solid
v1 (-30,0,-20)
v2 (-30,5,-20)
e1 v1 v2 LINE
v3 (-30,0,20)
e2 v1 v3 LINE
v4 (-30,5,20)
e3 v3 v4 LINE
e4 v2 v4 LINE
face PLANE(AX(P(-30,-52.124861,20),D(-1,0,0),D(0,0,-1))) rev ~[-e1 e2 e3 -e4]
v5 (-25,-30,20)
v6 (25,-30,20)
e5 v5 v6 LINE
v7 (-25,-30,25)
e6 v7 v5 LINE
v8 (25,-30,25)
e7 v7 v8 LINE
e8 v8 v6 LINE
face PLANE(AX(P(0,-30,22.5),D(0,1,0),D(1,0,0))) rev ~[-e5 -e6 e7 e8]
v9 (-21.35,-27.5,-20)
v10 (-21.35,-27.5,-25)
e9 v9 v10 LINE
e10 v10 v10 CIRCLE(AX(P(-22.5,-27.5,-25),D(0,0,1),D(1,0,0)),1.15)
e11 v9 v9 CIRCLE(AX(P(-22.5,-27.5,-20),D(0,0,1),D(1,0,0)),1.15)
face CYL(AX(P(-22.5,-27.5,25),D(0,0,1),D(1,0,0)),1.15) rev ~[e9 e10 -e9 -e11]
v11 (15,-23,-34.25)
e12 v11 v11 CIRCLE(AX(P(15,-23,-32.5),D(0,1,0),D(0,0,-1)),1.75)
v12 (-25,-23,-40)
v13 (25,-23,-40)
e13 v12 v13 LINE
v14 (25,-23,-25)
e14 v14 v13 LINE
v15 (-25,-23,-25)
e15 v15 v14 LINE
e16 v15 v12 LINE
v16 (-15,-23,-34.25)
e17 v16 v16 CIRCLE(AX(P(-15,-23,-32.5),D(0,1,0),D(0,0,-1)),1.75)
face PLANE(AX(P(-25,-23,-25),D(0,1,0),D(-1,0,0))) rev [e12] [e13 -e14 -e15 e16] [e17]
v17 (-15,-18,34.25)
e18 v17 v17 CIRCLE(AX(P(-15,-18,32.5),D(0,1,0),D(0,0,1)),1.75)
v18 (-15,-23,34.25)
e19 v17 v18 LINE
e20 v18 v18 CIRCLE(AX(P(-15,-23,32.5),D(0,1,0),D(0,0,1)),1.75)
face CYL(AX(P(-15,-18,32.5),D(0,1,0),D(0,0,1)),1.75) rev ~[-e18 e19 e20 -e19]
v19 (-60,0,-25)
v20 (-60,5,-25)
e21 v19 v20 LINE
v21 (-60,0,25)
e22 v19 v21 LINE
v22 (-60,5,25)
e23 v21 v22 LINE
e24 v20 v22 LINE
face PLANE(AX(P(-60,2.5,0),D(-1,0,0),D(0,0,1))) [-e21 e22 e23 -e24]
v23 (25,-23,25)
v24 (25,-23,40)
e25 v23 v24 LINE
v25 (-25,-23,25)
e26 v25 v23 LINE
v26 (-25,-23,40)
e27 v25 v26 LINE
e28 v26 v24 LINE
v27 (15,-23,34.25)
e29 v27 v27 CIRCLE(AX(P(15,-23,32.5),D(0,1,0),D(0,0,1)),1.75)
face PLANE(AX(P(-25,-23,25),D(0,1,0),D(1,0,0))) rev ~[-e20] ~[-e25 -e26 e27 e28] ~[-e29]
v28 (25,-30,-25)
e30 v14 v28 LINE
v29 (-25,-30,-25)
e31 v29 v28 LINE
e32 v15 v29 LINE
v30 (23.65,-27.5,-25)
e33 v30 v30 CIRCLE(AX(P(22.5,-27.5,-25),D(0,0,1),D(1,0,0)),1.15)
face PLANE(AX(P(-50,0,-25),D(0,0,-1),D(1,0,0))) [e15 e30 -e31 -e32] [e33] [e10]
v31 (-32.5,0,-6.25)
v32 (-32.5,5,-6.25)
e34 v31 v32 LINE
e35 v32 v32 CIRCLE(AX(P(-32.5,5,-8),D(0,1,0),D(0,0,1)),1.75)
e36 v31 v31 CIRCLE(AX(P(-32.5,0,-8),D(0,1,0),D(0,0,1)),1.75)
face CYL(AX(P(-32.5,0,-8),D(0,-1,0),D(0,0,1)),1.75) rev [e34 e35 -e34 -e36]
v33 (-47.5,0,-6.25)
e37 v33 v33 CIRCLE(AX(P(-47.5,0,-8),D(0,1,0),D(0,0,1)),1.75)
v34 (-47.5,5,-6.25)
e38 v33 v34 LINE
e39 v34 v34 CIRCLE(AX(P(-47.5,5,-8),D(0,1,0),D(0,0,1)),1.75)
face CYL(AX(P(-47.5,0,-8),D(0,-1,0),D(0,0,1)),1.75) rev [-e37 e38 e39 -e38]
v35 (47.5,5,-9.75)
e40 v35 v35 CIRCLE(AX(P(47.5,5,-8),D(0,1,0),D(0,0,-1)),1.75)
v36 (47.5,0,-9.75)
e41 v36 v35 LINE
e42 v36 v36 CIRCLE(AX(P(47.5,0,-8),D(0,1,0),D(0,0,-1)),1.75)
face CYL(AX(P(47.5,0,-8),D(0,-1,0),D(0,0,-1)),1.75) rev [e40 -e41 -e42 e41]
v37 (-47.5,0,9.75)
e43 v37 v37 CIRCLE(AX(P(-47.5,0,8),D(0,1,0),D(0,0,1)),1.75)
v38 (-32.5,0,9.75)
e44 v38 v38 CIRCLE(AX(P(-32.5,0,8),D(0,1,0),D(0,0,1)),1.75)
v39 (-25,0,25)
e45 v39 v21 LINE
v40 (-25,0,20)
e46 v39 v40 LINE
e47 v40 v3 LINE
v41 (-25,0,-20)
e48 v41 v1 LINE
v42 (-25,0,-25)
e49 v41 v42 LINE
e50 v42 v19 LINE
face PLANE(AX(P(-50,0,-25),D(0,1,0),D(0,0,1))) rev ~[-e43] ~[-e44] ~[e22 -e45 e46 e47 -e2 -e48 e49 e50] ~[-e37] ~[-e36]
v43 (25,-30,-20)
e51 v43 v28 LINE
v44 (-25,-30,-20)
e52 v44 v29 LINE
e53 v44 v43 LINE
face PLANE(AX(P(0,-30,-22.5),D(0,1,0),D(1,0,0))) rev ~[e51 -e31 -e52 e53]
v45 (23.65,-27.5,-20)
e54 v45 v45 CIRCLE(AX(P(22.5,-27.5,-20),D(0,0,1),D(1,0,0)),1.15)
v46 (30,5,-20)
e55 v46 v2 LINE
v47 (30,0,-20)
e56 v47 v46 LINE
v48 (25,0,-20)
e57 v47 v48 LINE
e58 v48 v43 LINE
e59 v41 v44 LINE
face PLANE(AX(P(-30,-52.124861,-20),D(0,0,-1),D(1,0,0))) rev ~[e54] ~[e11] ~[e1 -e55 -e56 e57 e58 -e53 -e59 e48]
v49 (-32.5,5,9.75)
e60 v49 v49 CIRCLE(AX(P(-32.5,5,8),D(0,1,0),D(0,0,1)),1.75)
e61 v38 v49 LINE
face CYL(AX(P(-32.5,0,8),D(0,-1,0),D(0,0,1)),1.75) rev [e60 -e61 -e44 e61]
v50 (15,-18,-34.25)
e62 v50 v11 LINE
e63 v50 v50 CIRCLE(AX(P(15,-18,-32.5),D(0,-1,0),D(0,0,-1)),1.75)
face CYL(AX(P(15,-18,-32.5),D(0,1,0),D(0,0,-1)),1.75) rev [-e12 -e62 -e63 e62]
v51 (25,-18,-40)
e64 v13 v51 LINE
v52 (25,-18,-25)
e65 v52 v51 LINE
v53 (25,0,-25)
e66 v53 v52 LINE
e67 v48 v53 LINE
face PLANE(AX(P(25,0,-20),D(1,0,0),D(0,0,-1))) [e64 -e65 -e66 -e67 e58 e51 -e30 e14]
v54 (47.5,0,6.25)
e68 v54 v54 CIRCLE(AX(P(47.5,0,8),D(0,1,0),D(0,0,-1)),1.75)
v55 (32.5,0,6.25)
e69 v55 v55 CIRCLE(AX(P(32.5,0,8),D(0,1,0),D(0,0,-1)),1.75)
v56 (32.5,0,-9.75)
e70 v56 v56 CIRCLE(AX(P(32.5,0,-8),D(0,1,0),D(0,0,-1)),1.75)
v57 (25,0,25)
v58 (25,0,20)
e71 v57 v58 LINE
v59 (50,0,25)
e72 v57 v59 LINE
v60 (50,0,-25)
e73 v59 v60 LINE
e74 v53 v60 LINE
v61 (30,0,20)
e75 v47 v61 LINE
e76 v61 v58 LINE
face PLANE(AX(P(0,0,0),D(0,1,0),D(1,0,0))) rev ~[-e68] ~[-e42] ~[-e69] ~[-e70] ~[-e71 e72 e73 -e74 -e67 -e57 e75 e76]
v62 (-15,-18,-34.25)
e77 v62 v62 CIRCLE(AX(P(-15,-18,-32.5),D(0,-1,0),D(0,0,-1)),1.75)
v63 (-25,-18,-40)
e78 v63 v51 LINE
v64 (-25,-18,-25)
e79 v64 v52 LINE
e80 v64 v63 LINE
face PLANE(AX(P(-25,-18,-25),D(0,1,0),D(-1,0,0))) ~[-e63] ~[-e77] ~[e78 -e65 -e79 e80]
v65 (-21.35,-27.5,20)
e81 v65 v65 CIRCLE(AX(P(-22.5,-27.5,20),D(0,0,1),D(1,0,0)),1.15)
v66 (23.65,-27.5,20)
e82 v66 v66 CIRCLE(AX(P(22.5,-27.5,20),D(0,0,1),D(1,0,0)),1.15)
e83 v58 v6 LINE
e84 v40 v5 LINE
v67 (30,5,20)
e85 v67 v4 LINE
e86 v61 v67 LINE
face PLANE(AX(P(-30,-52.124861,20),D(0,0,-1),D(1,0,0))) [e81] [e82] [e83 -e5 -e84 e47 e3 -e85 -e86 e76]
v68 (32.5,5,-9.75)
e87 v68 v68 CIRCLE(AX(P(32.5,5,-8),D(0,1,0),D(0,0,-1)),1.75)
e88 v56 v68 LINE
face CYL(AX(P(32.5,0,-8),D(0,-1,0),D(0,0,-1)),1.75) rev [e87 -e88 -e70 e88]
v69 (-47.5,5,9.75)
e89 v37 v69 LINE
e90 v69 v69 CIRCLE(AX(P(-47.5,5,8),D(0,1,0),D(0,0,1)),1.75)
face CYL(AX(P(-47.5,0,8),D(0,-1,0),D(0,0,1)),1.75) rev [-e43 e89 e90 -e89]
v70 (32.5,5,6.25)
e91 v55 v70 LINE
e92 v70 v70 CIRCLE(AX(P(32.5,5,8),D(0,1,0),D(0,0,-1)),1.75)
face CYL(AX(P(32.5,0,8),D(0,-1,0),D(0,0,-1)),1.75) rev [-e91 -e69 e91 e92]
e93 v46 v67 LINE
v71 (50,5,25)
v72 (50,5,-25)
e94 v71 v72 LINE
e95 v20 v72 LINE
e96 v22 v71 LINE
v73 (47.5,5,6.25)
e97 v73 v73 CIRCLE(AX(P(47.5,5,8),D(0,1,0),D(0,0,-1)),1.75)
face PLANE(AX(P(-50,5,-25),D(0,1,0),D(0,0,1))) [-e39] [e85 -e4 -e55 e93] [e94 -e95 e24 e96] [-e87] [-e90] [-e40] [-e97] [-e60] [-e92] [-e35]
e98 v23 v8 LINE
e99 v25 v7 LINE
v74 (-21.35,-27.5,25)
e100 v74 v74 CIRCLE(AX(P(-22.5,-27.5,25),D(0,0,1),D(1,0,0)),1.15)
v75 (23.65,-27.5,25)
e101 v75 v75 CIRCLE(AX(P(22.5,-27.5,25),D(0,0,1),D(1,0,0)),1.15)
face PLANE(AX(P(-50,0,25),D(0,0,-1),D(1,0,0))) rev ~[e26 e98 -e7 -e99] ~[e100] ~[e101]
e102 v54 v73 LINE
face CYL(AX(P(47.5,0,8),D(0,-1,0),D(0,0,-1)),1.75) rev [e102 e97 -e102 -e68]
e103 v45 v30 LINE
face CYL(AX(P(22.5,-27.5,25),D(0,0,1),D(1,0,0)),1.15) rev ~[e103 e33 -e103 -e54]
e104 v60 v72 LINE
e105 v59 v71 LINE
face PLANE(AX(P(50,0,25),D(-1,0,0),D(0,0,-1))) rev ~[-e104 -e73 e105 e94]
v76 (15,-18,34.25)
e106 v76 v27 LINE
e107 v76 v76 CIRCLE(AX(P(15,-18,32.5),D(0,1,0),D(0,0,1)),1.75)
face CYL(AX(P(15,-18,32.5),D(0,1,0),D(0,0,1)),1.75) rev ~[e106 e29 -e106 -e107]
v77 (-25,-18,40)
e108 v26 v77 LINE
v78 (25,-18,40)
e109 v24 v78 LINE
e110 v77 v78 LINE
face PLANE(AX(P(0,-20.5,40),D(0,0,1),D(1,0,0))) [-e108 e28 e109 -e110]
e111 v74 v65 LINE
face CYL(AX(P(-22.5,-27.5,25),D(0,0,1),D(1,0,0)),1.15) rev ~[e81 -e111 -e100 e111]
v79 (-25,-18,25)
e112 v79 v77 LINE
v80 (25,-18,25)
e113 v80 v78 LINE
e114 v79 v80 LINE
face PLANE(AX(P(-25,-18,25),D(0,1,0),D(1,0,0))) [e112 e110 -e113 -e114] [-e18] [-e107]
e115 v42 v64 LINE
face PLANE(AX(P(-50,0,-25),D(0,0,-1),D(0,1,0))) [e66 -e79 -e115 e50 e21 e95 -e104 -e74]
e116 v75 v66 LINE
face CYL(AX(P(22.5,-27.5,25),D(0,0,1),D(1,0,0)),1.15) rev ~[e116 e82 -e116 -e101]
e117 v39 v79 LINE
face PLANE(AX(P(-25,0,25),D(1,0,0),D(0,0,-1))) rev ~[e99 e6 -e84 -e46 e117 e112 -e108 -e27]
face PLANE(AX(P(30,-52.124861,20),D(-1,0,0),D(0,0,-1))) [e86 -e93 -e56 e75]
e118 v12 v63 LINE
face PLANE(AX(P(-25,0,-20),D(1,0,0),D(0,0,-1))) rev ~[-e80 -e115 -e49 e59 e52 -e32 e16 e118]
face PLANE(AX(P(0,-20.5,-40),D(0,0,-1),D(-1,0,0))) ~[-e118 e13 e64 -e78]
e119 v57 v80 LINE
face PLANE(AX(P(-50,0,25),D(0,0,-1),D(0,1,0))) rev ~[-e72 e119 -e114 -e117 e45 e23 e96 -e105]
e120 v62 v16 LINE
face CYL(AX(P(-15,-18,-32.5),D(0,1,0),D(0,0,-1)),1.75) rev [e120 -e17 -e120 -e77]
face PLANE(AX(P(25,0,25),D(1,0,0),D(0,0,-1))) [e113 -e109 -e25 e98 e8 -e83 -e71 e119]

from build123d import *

# Parameters (mm, degrees)
SKETCH3_W               = 100
SKETCH3_H               = 50
SKETCH3_R               = 1.75
BOSS_EXTRUDE1_DEPTH     = 5
CUT_EXTRUDE1_DEPTH      = 57.124860802
CUT_EXTRUDE1_DEPTH_BACK = 57.124860802
SKETCH4_W               = 60
SKETCH4_H               = 40
SKETCH5_W               = 50
SKETCH5_H               = 5
BOSS_EXTRUDE2_DEPTH     = 30
SKETCH6_W               = 50
SKETCH6_H               = 5
BOSS_EXTRUDE3_DEPTH     = 15
SKETCH7_R               = 1.75
CUT_EXTRUDE2_DEPTH      = 69.036754773
SKETCH8_R               = 1.15
CUT_EXTRUDE3_DEPTH      = 88.321245983
SKETCH9_W               = 50
SKETCH9_H               = 5
BOSS_EXTRUDE4_DEPTH     = 10


with BuildPart() as part:
    # Sketch3 → Boss-Extrude1 (new body)
    with BuildSketch(Plane(origin=(0, 0, 0), x_dir=(1, 0, 0), z_dir=(0, 1, 0))):
        Rectangle(SKETCH3_W, SKETCH3_H)
        with Locations(Location((-47.5, 8, 0), (0, 0, 270))):
            Circle(SKETCH3_R, mode=Mode.SUBTRACT)
        with Locations(Location((-32.5, 8, 0), (0, 0, 270))):
            Circle(SKETCH3_R, mode=Mode.SUBTRACT)
        with Locations(Location((-47.5, -8, 0), (0, 0, 270))):
            Circle(SKETCH3_R, mode=Mode.SUBTRACT)
        with Locations(Location((-32.5, -8, 0), (0, 0, 270))):
            Circle(SKETCH3_R, mode=Mode.SUBTRACT)
        with Locations(Location((47.5, -8, 0), (0, 0, 90))):
            Circle(SKETCH3_R, mode=Mode.SUBTRACT)
        with Locations(Location((47.5, 8, 0), (0, 0, 90))):
            Circle(SKETCH3_R, mode=Mode.SUBTRACT)
        with Locations(Location((32.5, 8, 0), (0, 0, 90))):
            Circle(SKETCH3_R, mode=Mode.SUBTRACT)
        with Locations(Location((32.5, -8, 0), (0, 0, 90))):
            Circle(SKETCH3_R, mode=Mode.SUBTRACT)
    extrude(amount=BOSS_EXTRUDE1_DEPTH)

    # Sketch4 → Cut-Extrude1 (cut, two sides: drawn at the far end of the back side and taken through both)
    with BuildSketch(Plane(origin=(0, 5, 0), x_dir=(1, 0, 0), z_dir=(0, 1, 0)).offset(-CUT_EXTRUDE1_DEPTH_BACK)):
        Rectangle(SKETCH4_W, SKETCH4_H)
    extrude(amount=CUT_EXTRUDE1_DEPTH + CUT_EXTRUDE1_DEPTH_BACK, mode=Mode.SUBTRACT)

    # Sketch5 → Boss-Extrude2 (add)
    with BuildSketch(Plane(origin=(0, 0, 0), x_dir=(1, 0, 0), z_dir=(0, 1, 0))):
        with Locations((0, 22.5)):
            Rectangle(SKETCH5_W, SKETCH5_H)
        with Locations((0, -22.5)):
            Rectangle(SKETCH5_W, SKETCH5_H)
    extrude(amount=-BOSS_EXTRUDE2_DEPTH)

    # Sketch6 → Boss-Extrude3 (add)
    with BuildSketch(Plane.XY.offset(25)):
        with Locations((0, -20.5)):
            Rectangle(SKETCH6_W, SKETCH6_H)
    boss_extrude3 = extrude(amount=BOSS_EXTRUDE3_DEPTH)

    # Sketch7 → Cut-Extrude2 (cut, through all)
    with BuildSketch(Plane(origin=(0, -18, 0), x_dir=(1, 0, 0), z_dir=(0, 1, 0))):
        with Locations(Location((-15, -32.5, 0), (0, 0, 270))):
            Circle(SKETCH7_R)
        with Locations(Location((15, -32.5, 0), (0, 0, 270))):
            Circle(SKETCH7_R)
    cut_extrude2 = extrude(amount=-CUT_EXTRUDE2_DEPTH, mode=Mode.SUBTRACT)

    # Mirror1: Boss-Extrude3, Cut-Extrude2 across plane
    add(boss_extrude3.mirror(Plane.XY))
    add(cut_extrude2.mirror(Plane.XY), mode=Mode.SUBTRACT)

    # Sketch8 → Cut-Extrude3 (cut, through all)
    with BuildSketch(Plane.XY.offset(25)):
        with Locations((-22.5, -27.5)):
            Circle(SKETCH8_R)
        with Locations((22.5, -27.5)):
            Circle(SKETCH8_R)
    extrude(amount=-CUT_EXTRUDE3_DEPTH, mode=Mode.SUBTRACT)

    # Sketch9 → Boss-Extrude4 (add)
    with BuildSketch(Plane.ZY.offset(50)):
        with Locations((0, 2.5)):
            Rectangle(SKETCH9_W, SKETCH9_H)
    extrude(amount=BOSS_EXTRUDE4_DEPTH)


solid = part.part
